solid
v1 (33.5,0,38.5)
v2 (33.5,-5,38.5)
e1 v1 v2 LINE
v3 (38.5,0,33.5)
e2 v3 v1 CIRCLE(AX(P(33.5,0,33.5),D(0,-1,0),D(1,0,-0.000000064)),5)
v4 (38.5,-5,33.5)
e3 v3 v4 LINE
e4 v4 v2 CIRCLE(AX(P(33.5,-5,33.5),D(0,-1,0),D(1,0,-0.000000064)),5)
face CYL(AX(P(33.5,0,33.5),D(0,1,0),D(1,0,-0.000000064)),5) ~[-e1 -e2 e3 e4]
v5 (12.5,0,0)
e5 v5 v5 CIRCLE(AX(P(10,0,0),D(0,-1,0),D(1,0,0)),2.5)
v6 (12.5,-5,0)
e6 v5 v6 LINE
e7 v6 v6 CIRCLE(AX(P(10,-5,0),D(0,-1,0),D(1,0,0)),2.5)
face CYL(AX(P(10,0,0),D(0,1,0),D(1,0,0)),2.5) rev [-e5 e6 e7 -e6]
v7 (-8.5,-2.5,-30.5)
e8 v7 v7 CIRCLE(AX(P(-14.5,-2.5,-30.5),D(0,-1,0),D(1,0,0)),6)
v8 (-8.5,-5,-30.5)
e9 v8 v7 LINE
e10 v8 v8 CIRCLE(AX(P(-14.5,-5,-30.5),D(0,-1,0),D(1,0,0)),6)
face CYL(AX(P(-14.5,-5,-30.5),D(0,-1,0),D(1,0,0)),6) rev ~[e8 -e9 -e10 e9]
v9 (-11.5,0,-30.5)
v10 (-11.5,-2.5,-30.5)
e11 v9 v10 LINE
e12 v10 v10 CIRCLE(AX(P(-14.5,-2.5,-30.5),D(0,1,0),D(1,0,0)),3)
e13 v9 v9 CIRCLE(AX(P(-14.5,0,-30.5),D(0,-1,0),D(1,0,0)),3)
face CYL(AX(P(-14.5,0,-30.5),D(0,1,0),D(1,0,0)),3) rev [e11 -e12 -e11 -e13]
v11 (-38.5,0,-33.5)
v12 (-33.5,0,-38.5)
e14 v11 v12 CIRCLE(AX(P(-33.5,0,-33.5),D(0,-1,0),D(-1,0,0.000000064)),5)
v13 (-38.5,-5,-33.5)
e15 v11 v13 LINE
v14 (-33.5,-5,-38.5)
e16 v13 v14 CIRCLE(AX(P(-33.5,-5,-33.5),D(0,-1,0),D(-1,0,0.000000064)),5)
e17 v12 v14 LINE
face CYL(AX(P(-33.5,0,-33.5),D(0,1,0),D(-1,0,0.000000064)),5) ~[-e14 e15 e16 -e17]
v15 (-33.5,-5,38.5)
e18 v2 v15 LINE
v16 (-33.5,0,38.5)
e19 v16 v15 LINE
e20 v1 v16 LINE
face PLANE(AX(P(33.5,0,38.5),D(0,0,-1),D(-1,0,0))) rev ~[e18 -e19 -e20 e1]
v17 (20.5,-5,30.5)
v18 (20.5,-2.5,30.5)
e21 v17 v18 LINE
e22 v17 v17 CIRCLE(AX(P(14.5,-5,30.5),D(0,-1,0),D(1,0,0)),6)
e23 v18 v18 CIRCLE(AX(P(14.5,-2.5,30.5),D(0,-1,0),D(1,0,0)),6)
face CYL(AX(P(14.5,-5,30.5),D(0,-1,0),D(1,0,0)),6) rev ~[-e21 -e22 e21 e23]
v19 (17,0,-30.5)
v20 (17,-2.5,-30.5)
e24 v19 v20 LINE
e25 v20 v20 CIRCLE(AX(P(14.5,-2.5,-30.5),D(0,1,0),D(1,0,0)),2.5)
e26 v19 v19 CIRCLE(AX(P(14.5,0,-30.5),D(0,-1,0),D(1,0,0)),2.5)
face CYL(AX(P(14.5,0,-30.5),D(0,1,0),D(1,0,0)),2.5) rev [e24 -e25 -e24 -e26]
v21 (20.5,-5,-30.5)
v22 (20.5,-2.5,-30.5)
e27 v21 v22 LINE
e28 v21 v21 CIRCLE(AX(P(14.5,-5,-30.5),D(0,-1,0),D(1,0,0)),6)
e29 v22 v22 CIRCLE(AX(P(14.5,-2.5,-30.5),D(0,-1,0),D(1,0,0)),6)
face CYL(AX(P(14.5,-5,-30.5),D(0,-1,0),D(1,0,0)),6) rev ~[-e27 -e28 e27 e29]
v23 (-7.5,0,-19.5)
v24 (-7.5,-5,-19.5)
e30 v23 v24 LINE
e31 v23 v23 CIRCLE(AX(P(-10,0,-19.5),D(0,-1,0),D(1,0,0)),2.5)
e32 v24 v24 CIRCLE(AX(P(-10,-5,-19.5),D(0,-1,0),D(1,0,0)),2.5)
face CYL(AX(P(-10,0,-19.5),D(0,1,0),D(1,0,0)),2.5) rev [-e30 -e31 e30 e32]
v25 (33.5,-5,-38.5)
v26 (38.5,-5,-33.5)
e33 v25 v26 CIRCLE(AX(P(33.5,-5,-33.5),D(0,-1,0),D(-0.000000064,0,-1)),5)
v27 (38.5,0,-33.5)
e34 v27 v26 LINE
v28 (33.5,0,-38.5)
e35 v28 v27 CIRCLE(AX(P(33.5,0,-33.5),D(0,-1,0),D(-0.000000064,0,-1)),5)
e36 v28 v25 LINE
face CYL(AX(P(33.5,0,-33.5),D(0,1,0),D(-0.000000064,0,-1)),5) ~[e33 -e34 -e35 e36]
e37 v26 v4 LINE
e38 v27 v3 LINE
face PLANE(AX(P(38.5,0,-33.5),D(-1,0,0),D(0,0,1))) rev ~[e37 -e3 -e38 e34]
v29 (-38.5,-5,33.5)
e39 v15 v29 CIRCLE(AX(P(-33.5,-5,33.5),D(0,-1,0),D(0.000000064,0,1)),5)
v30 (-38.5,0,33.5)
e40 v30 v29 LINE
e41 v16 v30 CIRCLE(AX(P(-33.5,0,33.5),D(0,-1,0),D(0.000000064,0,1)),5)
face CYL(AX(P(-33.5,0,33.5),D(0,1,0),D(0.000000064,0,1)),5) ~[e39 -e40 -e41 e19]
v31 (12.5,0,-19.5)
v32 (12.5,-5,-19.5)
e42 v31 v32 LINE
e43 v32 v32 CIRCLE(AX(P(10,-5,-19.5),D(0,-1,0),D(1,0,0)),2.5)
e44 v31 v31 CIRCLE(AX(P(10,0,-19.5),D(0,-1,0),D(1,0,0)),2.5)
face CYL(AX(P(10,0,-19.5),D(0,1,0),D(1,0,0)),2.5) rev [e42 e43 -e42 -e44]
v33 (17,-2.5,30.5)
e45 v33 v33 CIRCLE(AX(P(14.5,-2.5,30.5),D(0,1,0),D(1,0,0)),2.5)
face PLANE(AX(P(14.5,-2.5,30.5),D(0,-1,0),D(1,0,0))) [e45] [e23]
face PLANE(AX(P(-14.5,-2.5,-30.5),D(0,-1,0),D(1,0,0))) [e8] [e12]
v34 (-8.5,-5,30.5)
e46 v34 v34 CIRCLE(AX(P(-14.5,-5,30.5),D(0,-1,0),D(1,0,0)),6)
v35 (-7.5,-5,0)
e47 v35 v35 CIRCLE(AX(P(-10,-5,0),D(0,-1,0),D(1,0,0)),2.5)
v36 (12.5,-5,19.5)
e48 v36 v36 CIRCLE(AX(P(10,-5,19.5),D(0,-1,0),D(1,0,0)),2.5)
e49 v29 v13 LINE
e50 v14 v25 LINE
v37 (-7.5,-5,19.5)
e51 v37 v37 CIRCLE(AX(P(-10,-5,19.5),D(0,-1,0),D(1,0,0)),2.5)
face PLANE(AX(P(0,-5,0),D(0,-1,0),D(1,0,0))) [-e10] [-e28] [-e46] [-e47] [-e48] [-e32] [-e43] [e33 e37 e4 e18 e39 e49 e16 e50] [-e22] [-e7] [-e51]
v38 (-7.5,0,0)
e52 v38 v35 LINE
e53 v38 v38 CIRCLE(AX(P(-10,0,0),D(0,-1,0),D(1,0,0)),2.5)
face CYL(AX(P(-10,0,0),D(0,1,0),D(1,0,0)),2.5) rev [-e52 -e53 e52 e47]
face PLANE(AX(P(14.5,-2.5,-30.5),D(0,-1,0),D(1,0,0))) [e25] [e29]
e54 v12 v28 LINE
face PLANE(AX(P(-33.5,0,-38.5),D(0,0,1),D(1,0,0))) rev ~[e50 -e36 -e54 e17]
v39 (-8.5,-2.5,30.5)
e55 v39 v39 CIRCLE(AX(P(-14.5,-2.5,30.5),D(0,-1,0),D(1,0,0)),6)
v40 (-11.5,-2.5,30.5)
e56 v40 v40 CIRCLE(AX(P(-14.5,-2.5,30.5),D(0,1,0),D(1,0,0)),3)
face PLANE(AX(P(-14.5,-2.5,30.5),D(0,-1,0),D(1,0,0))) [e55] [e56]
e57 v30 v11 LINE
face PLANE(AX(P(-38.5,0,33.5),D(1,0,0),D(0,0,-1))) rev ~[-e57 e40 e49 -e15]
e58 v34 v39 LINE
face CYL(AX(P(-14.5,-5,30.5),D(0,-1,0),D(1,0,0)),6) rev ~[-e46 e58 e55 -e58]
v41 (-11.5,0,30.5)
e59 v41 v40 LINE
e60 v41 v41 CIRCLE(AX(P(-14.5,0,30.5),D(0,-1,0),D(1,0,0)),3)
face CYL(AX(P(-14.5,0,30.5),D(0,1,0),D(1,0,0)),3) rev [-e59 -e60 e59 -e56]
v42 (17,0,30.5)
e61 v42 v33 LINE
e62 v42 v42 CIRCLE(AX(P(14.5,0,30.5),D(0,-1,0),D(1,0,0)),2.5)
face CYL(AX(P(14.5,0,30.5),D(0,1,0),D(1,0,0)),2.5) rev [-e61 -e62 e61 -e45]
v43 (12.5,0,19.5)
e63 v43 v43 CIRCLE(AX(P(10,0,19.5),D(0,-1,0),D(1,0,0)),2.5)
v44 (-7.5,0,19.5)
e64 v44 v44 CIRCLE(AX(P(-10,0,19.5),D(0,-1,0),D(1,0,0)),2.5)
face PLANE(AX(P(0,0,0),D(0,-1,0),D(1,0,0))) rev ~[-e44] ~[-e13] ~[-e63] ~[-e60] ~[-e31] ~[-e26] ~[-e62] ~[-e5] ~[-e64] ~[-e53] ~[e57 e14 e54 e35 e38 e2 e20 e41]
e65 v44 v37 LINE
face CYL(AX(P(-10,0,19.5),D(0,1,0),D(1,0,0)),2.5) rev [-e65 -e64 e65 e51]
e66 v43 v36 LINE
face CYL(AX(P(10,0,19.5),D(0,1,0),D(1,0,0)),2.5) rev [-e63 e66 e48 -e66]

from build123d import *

# Parameters (mm, degrees)
F0_R     = 3
F0_R_2   = 2.5
F1_DEPTH = 5
F2_R     = 6
F3_DEPTH = 2.5


with BuildPart() as f1:
    # F0 (on Front) → F1 (new body)
    with BuildSketch(Plane.XZ):
        with BuildLine():
            ThreePointArc((-38.5, -33.5), (-37.035534, -37.035534), (-33.5, -38.5))
            Line((-33.5, -38.5), (33.5, -38.5))
            ThreePointArc((33.5, -38.5), (37.035534, -37.035534), (38.5, -33.5))
            Line((38.5, -33.5), (38.5, 33.5))
            ThreePointArc((38.5, 33.5), (37.035534, 37.035534), (33.5, 38.5))
            Line((33.5, 38.5), (-33.5, 38.5))
            ThreePointArc((-33.5, 38.5), (-37.035534, 37.035534), (-38.5, 33.5))
            Line((-38.5, 33.5), (-38.5, -33.5))
        make_face()
        with Locations((-14.5, -30.5)):
            Circle(F0_R, mode=Mode.SUBTRACT)
        with Locations((-10, -19.5)):
            Circle(F0_R_2, mode=Mode.SUBTRACT)
        with Locations((14.5, -30.5)):
            Circle(F0_R_2, mode=Mode.SUBTRACT)
        with Locations((10, -19.5)):
            Circle(F0_R_2, mode=Mode.SUBTRACT)
        with Locations((-10, 0)):
            Circle(F0_R_2, mode=Mode.SUBTRACT)
        with Locations((-10, 19.5)):
            Circle(F0_R_2, mode=Mode.SUBTRACT)
        with Locations((-14.5, 30.5)):
            Circle(F0_R, mode=Mode.SUBTRACT)
        with Locations((10, 0)):
            Circle(F0_R_2, mode=Mode.SUBTRACT)
        with Locations((10, 19.5)):
            Circle(F0_R_2, mode=Mode.SUBTRACT)
        with Locations((14.5, 30.5)):
            Circle(F0_R_2, mode=Mode.SUBTRACT)
    extrude(amount=F1_DEPTH)

    # F2 (on face) → F3 (cut)
    with BuildSketch(Plane.XZ.offset(5)):
        with Locations((-14.5, 30.5)):
            Circle(F2_R)
        with Locations((-14.5, -30.5)):
            Circle(F2_R)
        with Locations((14.5, 30.5)):
            Circle(F2_R)
        with Locations((14.5, -30.5)):
            Circle(F2_R)
    extrude(amount=-F3_DEPTH, mode=Mode.SUBTRACT)


solid = f1.part
